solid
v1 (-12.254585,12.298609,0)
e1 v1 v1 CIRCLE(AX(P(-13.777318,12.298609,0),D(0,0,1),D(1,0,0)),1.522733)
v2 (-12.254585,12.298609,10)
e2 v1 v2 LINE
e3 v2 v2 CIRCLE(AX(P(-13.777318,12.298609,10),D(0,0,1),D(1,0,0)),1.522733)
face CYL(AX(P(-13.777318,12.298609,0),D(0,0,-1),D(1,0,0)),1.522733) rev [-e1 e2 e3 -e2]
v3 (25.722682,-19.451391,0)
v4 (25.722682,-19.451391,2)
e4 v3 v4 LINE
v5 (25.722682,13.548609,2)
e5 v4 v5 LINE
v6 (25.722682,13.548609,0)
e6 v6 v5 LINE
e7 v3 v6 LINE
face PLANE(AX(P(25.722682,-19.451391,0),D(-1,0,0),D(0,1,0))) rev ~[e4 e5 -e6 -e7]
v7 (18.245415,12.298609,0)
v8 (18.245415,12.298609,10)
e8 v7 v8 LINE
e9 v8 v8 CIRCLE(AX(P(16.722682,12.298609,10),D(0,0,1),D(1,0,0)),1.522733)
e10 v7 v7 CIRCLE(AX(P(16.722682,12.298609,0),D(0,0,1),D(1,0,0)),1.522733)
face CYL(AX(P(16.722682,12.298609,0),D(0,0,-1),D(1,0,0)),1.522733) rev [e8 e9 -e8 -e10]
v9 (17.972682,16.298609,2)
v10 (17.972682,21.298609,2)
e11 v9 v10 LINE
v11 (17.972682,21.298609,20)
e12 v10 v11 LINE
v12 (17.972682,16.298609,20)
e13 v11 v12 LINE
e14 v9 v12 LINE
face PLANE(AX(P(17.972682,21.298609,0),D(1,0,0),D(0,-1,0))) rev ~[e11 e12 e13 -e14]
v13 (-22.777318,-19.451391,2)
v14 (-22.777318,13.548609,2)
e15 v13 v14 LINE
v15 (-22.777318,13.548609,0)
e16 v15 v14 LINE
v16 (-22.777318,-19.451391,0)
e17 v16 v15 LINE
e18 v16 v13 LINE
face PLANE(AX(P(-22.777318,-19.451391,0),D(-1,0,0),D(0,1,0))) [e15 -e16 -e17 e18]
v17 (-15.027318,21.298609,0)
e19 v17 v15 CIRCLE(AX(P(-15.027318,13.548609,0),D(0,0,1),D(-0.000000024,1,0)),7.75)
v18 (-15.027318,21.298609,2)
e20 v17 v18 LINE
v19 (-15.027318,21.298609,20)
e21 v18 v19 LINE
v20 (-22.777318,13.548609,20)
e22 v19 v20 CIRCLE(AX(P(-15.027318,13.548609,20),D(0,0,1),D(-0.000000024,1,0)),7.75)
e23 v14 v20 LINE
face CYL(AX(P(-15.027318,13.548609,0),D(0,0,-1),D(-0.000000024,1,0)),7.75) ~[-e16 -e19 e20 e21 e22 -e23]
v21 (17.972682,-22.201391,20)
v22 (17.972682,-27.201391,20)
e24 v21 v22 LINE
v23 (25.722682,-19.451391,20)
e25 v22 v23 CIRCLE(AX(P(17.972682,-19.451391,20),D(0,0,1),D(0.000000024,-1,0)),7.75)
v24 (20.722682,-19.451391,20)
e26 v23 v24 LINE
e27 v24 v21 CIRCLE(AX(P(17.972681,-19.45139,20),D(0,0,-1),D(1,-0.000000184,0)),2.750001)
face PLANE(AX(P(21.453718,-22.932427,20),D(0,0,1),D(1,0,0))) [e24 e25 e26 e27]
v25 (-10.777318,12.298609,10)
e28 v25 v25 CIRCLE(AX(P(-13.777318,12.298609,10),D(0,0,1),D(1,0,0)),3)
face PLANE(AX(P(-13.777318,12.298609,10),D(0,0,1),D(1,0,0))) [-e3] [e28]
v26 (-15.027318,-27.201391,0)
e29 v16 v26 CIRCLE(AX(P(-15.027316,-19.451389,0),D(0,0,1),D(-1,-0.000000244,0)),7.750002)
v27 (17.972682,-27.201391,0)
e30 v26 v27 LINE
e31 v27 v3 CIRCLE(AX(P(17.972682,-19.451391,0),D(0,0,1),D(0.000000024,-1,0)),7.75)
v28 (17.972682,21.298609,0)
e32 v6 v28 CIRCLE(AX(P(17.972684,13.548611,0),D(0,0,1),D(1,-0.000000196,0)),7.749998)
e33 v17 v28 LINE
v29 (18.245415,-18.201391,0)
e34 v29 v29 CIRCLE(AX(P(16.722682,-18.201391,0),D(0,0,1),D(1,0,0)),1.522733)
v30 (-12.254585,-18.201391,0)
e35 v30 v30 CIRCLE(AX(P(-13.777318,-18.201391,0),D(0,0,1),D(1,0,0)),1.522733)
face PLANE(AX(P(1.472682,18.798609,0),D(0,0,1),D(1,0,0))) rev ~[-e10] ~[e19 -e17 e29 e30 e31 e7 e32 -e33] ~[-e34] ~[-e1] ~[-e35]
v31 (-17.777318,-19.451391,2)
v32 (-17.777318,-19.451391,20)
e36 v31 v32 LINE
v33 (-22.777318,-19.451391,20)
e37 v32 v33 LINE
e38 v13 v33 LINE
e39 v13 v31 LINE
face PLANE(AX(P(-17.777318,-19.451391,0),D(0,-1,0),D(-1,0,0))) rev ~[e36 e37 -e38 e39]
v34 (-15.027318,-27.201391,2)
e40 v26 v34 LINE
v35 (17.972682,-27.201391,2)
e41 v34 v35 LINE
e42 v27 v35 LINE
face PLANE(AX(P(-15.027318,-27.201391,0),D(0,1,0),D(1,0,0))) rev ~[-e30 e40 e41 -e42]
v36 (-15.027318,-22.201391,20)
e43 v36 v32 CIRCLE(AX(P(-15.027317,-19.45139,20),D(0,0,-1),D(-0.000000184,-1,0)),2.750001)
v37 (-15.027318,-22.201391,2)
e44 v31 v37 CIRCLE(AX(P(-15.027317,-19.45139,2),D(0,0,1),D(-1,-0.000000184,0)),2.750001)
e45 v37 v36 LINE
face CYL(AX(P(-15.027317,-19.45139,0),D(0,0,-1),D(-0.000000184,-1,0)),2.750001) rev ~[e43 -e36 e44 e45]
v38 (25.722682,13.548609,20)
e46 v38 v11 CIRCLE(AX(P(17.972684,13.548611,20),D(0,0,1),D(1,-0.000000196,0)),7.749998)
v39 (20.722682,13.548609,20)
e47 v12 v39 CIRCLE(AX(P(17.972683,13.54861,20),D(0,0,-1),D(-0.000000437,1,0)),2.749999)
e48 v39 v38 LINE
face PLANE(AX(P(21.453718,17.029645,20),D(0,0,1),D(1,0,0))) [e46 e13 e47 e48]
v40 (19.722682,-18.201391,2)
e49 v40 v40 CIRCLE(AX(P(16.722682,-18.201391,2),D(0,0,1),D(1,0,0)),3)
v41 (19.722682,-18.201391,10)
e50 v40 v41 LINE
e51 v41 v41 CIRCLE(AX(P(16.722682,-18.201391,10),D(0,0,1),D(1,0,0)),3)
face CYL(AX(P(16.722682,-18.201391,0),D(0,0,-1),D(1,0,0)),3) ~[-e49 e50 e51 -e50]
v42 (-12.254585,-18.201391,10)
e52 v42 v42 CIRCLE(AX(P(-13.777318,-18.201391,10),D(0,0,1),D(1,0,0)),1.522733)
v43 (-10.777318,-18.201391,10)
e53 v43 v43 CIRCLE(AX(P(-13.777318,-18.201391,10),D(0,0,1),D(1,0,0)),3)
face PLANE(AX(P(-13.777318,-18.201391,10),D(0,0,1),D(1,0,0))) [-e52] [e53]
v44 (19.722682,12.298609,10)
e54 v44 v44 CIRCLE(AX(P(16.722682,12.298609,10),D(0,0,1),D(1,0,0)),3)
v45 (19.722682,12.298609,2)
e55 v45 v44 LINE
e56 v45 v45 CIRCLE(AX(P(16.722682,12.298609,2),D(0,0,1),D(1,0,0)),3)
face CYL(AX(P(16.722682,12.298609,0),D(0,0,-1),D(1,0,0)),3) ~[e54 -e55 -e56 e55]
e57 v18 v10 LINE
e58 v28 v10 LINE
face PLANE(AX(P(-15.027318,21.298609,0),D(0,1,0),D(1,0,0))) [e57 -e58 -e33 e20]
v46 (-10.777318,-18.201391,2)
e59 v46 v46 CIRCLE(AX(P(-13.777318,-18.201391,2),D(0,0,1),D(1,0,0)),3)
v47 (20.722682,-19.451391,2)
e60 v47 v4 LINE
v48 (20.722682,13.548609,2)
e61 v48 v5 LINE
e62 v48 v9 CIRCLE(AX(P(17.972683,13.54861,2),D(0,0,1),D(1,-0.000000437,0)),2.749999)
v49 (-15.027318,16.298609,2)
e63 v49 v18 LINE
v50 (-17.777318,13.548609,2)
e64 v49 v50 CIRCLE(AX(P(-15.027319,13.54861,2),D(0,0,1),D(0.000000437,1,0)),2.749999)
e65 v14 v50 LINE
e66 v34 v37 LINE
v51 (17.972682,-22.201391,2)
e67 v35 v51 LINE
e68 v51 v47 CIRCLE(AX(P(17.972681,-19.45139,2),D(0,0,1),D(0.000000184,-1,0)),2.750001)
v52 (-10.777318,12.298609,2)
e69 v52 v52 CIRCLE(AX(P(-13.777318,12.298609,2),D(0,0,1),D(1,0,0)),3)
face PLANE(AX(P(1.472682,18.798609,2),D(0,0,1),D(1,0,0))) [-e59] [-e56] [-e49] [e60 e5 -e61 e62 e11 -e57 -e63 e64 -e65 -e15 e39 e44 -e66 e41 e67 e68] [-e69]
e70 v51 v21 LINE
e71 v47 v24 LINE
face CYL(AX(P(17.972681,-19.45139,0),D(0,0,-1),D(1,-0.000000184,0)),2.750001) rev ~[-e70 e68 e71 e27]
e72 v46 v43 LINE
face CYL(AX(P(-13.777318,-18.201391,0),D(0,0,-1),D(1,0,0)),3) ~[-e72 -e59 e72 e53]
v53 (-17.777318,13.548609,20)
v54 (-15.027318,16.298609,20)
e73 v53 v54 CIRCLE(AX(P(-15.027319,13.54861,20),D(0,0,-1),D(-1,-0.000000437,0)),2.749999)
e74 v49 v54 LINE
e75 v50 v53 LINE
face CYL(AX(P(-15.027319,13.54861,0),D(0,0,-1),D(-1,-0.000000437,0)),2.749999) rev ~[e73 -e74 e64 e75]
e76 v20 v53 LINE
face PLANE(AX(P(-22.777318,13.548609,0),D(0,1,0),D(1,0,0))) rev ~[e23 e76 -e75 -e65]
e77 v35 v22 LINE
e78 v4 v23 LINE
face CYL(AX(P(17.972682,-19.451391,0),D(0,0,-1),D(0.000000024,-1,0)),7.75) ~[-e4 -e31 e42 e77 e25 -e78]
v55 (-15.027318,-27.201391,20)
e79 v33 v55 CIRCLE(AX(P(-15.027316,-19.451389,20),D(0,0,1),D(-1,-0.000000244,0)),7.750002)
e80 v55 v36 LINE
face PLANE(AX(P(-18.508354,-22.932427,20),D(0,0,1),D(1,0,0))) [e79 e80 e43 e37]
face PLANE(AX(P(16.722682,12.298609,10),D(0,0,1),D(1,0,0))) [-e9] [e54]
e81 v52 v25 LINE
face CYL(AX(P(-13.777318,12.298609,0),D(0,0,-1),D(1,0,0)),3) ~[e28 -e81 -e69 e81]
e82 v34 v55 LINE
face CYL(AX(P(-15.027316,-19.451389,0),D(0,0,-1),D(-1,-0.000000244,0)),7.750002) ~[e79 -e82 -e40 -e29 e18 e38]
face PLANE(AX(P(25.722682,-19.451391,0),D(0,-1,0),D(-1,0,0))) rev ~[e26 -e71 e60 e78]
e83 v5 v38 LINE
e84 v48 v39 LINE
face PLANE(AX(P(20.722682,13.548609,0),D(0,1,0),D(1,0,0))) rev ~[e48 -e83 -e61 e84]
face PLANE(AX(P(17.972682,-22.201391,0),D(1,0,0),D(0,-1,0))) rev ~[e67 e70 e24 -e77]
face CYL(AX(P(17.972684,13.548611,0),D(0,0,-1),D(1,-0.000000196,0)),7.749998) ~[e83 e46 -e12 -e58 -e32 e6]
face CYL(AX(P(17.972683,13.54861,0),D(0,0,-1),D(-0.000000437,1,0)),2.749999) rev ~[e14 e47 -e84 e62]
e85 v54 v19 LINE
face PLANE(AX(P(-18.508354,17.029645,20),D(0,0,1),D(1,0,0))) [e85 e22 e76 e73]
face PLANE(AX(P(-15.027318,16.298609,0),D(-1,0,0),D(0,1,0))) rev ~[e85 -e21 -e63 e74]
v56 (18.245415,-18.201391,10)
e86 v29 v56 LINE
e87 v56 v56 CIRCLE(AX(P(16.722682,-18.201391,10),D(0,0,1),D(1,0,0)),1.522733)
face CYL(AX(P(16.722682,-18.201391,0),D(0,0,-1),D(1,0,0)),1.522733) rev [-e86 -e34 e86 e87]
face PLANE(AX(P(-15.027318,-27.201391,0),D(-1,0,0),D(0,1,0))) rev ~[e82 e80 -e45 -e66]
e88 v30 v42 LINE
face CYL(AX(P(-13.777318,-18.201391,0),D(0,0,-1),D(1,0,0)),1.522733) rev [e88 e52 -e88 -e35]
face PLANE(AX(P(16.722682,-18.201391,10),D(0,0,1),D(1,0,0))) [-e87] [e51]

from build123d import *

# Parameters (mm, degrees)
F0_W     = 33
F0_H     = 5
F0_W_2   = 5
F0_H_2   = 33
F0_R     = 3
F1_DEPTH = 2
F2_DEPTH = 20
F0_R_2   = 1.522733
F3_DEPTH = 10


with BuildPart() as f1:
    # F0 (on Top) → F1 (new body)
    with BuildSketch(Plane.XY):
        with Locations((1.472682, 18.798609)):
            Rectangle(F0_W, F0_H)
        with Locations((-20.277318, -2.951391)):
            Rectangle(F0_W_2, F0_H_2)
        with BuildLine():
            Line((17.972682, 16.298609), (-15.027318, 16.298609))
            ThreePointArc((-15.027318, 16.298609), (-16.971862, 15.493153), (-17.777318, 13.548609))
            Line((-17.777318, 13.548609), (-17.777318, -19.451391))
            ThreePointArc((-17.777318, -19.451391), (-16.971862, -21.395934), (-15.027318, -22.201391))
            Line((-15.027318, -22.201391), (17.972682, -22.201391))
            ThreePointArc((17.972682, -22.201391), (19.917226, -21.395934), (20.722682, -19.451391))
            Line((20.722682, -19.451391), (20.722682, 13.548609))
            ThreePointArc((20.722682, 13.548609), (19.917226, 15.493153), (17.972682, 16.298609))
        make_face()
        with Locations((-13.777318, -18.201391)):
            Circle(F0_R, mode=Mode.SUBTRACT)
        with Locations((16.722682, -18.201391)):
            Circle(F0_R, mode=Mode.SUBTRACT)
        with Locations((-13.777318, 12.298609)):
            Circle(F0_R, mode=Mode.SUBTRACT)
        with Locations((16.722682, 12.298609)):
            Circle(F0_R, mode=Mode.SUBTRACT)
        with Locations((23.222682, -2.951391)):
            Rectangle(F0_W_2, F0_H_2)
        with Locations((1.472682, -24.701391)):
            Rectangle(F0_W, F0_H)
    extrude(amount=F1_DEPTH)

    # F0 (on Top) → F2 (join)
    with BuildSketch(Plane.XY):
        with BuildLine():
            ThreePointArc((-17.777318, 13.548609), (-16.971862, 15.493153), (-15.027318, 16.298609))
            Line((-15.027318, 16.298609), (-15.027318, 21.298609))
            ThreePointArc((-15.027318, 21.298609), (-20.507395, 19.028687), (-22.777318, 13.548609))
            Line((-22.777318, 13.548609), (-17.777318, 13.548609))
        make_face()
        with BuildLine():
            Line((17.972682, 21.298609), (17.972682, 16.298609))
            ThreePointArc((17.972682, 16.298609), (19.917226, 15.493153), (20.722682, 13.548609))
            Line((20.722682, 13.548609), (25.722682, 13.548609))
            ThreePointArc((25.722682, 13.548609), (23.45276, 19.028687), (17.972682, 21.298609))
        make_face()
        with BuildLine():
            Line((25.722682, -19.451391), (20.722682, -19.451391))
            ThreePointArc((20.722682, -19.451391), (19.917226, -21.395934), (17.972682, -22.201391))
            Line((17.972682, -22.201391), (17.972682, -27.201391))
            ThreePointArc((17.972682, -27.201391), (23.45276, -24.931468), (25.722682, -19.451391))
        make_face()
        with BuildLine():
            ThreePointArc((-15.027318, -22.201391), (-16.971862, -21.395934), (-17.777318, -19.451391))
            Line((-17.777318, -19.451391), (-22.777318, -19.451391))
            ThreePointArc((-22.777318, -19.451391), (-20.507395, -24.931468), (-15.027318, -27.201391))
            Line((-15.027318, -27.201391), (-15.027318, -22.201391))
        make_face()
    extrude(amount=F2_DEPTH)

    # F0 (on Top) → F3 (join)
    with BuildSketch(Plane.XY):
        with Locations((-13.777318, 12.298609)):
            Circle(F0_R)
        with Locations((-13.777318, 12.298609)):
            Circle(F0_R_2, mode=Mode.SUBTRACT)
        with Locations((16.722682, 12.298609)):
            Circle(F0_R)
        with Locations((16.722682, 12.298609)):
            Circle(F0_R_2, mode=Mode.SUBTRACT)
        with Locations((16.722682, -18.201391)):
            Circle(F0_R)
        with Locations((16.722682, -18.201391)):
            Circle(F0_R_2, mode=Mode.SUBTRACT)
        with Locations((-13.777318, -18.201391)):
            Circle(F0_R)
        with Locations((-13.777318, -18.201391)):
            Circle(F0_R_2, mode=Mode.SUBTRACT)
    extrude(amount=F3_DEPTH)


solid = f1.part
